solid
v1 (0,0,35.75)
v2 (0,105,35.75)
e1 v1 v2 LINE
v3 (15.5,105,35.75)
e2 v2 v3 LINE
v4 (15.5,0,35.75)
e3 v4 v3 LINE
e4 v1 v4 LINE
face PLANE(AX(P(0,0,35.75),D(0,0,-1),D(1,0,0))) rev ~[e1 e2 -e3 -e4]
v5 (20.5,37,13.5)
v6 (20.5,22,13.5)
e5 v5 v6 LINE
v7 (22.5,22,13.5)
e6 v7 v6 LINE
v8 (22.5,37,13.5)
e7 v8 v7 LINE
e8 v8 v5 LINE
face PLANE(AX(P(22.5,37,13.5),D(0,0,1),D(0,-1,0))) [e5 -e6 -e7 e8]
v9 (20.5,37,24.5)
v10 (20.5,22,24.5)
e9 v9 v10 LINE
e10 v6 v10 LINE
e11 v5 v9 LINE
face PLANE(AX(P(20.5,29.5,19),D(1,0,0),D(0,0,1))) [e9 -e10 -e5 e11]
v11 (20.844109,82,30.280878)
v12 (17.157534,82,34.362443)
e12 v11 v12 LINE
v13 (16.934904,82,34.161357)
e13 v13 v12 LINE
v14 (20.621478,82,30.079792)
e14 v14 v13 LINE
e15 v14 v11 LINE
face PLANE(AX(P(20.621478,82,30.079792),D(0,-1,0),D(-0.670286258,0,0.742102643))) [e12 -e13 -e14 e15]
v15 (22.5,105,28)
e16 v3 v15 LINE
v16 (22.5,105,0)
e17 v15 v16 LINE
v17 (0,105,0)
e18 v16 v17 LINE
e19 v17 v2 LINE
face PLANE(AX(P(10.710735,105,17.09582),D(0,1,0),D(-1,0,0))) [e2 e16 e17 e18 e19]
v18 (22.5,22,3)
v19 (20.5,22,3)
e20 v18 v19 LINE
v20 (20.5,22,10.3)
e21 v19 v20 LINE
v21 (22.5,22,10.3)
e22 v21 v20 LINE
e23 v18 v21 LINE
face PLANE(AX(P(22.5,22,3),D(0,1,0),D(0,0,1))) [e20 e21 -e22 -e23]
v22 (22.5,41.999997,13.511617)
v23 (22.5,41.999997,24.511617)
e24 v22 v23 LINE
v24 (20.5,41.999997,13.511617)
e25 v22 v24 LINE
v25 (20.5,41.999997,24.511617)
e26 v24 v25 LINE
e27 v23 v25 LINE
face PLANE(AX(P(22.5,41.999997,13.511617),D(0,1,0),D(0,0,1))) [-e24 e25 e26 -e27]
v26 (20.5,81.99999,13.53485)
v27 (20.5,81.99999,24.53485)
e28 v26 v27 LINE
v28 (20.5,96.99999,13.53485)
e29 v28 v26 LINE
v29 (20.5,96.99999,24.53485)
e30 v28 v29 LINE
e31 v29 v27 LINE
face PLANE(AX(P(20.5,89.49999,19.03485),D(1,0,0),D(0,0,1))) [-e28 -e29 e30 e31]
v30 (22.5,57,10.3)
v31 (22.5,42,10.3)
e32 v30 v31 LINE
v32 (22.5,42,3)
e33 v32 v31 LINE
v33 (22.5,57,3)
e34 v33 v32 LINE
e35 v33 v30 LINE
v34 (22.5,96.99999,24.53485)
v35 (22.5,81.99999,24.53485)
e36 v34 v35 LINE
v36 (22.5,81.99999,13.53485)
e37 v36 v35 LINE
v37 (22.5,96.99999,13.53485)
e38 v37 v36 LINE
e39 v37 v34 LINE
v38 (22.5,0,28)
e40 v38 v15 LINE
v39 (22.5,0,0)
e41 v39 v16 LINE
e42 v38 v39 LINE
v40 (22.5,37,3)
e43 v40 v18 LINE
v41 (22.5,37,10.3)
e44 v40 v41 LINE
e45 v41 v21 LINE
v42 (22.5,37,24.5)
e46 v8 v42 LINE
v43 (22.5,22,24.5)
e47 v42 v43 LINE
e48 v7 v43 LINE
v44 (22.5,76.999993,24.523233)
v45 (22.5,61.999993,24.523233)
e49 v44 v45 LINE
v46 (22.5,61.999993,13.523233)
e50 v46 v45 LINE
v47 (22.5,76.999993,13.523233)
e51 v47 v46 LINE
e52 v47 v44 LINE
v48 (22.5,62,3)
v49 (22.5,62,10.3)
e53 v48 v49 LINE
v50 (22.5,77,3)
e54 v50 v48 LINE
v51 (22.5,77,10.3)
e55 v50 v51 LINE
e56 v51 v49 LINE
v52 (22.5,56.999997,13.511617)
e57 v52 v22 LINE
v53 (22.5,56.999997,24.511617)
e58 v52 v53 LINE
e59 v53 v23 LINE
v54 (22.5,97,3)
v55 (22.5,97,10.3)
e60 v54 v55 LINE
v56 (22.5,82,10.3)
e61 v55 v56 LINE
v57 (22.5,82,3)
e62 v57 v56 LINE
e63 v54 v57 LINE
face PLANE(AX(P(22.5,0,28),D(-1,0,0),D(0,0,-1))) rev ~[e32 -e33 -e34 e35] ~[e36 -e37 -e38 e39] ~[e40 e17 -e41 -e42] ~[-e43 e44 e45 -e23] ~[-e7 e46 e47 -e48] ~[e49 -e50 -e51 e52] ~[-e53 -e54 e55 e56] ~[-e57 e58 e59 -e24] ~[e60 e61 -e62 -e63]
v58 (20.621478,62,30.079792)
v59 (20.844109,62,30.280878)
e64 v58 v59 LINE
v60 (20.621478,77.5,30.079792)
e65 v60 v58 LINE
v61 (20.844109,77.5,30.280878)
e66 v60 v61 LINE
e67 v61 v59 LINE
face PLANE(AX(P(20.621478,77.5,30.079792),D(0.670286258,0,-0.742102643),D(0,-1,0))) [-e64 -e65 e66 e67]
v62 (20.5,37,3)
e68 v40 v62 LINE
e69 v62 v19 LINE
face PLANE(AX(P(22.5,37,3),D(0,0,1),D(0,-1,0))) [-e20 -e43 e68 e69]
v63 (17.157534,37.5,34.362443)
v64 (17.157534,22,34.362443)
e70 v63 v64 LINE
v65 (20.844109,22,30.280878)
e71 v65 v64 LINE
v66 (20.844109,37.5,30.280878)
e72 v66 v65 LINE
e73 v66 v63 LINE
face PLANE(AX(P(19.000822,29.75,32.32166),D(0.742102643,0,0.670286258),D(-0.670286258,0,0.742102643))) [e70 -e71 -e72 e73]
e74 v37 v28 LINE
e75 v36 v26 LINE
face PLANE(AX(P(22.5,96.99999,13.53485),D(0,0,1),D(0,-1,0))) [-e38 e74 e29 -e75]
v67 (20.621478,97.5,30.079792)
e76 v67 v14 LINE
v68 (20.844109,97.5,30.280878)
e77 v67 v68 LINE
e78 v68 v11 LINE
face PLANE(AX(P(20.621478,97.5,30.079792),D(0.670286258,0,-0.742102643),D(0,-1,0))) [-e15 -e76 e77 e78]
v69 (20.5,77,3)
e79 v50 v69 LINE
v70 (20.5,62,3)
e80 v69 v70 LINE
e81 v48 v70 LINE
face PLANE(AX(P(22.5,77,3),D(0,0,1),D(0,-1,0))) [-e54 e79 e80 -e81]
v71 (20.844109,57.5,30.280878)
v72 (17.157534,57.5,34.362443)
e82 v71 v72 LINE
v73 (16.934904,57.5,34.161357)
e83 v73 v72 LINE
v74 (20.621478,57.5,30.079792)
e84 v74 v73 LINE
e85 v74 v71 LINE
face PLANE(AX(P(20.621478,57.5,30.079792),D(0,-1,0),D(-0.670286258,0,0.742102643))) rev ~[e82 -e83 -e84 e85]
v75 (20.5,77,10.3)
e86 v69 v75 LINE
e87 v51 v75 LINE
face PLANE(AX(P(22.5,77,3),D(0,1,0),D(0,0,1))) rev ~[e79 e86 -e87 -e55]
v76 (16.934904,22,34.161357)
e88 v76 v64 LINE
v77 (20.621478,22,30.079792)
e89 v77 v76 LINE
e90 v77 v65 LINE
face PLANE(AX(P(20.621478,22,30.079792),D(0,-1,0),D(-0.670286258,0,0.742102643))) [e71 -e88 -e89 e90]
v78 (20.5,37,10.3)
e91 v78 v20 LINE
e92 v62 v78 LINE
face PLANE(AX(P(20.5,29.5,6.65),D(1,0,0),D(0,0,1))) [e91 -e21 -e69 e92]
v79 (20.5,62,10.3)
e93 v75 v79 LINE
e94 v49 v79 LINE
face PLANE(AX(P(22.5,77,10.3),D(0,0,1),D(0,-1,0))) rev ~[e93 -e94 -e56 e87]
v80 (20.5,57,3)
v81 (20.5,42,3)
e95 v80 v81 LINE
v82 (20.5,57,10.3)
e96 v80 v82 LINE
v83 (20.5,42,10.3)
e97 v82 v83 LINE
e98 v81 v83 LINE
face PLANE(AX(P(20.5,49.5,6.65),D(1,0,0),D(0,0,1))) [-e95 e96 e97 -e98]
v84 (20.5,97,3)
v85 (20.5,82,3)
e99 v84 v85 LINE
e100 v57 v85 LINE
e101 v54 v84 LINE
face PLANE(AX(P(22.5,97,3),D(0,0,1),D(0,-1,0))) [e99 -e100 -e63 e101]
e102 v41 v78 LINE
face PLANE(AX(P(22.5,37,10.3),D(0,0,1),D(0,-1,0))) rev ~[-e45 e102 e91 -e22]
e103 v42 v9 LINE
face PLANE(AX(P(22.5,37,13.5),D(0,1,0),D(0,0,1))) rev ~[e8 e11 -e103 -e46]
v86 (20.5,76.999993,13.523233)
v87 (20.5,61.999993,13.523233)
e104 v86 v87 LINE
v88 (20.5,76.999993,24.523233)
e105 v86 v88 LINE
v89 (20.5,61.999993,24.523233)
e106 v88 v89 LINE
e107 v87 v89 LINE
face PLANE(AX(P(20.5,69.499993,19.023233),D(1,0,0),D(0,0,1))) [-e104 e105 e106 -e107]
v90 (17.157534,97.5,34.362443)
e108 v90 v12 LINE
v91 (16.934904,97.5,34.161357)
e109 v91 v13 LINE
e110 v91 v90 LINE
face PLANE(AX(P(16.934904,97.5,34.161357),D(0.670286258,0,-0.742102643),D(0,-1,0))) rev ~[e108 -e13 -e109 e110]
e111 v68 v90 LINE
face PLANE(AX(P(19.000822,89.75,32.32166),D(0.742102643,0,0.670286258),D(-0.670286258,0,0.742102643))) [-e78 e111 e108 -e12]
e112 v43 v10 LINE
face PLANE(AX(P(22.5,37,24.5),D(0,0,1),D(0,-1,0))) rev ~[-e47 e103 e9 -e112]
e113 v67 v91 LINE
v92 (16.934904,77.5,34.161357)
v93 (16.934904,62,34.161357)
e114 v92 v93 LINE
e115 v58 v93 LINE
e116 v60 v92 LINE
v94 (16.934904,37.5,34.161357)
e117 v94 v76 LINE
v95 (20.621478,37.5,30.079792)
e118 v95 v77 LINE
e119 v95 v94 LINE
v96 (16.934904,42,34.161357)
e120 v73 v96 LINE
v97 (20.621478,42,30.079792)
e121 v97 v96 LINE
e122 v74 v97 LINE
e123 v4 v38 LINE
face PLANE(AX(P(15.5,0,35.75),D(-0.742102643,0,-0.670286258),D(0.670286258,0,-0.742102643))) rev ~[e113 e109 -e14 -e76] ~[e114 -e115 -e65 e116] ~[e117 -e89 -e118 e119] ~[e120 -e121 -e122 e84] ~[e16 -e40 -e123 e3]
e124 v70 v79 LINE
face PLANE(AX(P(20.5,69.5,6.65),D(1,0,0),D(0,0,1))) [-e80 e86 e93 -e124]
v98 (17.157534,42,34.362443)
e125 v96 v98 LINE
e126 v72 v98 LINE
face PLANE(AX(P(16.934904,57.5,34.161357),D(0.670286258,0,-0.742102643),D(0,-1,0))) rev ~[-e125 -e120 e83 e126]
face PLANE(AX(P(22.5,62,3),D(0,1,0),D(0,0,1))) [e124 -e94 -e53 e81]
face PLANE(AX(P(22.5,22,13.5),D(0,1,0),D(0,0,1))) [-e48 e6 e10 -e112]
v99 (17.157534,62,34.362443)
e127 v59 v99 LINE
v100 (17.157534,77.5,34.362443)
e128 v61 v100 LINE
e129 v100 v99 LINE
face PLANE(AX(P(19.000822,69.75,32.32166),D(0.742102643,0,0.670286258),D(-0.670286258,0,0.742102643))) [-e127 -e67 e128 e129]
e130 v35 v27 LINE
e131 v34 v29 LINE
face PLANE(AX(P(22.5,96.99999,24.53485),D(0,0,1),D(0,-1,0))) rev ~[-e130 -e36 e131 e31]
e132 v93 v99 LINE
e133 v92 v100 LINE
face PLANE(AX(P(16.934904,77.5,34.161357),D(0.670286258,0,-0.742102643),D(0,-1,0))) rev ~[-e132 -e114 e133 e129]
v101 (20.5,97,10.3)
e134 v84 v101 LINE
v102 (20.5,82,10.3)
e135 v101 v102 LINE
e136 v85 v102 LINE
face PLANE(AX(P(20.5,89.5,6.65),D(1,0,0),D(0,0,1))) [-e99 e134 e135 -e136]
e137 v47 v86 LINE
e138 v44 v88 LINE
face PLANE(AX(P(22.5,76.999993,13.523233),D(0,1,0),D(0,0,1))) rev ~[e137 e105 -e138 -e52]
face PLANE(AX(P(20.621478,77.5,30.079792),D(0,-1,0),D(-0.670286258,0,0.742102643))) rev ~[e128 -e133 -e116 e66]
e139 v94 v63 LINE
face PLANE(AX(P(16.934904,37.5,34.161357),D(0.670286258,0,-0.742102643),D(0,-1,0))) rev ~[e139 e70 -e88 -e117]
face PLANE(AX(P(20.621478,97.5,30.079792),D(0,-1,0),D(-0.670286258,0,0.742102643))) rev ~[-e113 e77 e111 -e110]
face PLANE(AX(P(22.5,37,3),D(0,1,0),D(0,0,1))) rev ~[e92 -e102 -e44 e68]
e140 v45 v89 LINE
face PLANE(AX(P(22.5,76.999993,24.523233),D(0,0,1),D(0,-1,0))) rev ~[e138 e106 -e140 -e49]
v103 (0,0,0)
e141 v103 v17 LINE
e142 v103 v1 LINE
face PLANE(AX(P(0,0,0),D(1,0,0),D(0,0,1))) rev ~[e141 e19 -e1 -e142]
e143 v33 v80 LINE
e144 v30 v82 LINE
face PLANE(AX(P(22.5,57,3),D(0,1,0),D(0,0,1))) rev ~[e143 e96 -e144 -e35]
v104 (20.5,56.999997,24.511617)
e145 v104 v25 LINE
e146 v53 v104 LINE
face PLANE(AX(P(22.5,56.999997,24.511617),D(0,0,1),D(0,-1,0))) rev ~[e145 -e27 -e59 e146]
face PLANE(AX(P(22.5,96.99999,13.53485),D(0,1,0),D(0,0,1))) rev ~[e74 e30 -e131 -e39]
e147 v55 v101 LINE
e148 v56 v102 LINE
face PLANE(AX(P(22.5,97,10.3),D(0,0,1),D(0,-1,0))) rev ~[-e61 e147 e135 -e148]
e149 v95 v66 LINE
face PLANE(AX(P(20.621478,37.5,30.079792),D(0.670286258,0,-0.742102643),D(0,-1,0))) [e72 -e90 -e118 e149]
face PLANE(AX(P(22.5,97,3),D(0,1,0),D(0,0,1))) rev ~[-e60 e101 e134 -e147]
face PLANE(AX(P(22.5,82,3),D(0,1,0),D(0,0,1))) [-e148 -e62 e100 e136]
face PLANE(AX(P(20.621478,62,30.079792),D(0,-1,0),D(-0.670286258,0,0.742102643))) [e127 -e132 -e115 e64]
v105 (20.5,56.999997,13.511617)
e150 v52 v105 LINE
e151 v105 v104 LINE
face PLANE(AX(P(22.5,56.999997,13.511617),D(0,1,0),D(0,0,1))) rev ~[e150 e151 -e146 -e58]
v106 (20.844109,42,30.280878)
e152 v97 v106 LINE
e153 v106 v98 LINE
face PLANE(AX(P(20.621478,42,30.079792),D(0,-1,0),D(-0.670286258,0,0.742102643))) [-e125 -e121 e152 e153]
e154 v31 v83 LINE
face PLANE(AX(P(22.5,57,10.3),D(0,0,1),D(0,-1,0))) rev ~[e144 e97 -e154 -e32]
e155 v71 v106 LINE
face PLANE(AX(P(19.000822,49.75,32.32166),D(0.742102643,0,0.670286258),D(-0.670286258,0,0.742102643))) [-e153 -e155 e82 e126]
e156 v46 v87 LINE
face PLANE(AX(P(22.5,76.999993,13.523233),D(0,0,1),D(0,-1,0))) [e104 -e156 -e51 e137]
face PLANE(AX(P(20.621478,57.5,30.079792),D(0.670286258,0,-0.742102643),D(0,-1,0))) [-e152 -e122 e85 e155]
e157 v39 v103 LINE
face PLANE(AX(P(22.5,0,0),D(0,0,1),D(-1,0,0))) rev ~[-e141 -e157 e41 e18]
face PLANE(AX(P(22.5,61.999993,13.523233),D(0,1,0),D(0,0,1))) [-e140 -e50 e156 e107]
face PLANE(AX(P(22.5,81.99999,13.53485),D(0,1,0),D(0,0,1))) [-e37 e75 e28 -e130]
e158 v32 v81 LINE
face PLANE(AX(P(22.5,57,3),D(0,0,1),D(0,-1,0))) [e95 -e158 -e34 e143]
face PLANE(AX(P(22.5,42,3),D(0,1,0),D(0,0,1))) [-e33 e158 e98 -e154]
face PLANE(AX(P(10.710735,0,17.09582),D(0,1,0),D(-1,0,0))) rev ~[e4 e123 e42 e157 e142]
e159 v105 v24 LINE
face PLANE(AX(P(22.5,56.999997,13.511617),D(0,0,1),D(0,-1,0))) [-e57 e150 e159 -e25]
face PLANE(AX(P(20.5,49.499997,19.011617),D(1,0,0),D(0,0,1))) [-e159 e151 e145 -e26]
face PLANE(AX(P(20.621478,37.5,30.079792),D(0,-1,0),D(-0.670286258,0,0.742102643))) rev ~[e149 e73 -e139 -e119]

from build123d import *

# Parameters (mm, degrees)
PAD002_DEPTH  = 105
SKETCH003_W   = 5.5
SKETCH003_H   = 15.5
PAD003_DEPTH  = 0.3
SKETCH010_W   = 7.3
SKETCH010_H   = 15
SKETCH010_W_2 = 11
POCKET_DEPTH  = 2


with BuildPart() as part:
    # Sketch002 → Pad002 (new body)
    with BuildSketch(Plane.XZ):
        Polygon((0, 35.75), (15.5, 35.75), (22.5, 28), (22.5, 0), (0, 0), align=None)
    extrude(amount=-PAD002_DEPTH)

    # Sketch003 (on Face2 of Pad002) → Pad003 (join)
    with BuildSketch(Plane(origin=(26.3189111748, 0, 23.7719197708), x_dir=(-0.670286258, 0, 0.7421026428), z_dir=(0.7421026428, 0, 0.670286258))):
        with Locations((11.25, -29.75)):
            Rectangle(SKETCH003_W, SKETCH003_H)
        with Locations((11.25, -49.75)):
            Rectangle(SKETCH003_W, SKETCH003_H)
        with Locations((11.25, -69.75)):
            Rectangle(SKETCH003_W, SKETCH003_H)
        with Locations((11.25, -89.75)):
            Rectangle(SKETCH003_W, SKETCH003_H)
    extrude(amount=PAD003_DEPTH)

    # Sketch010 (on Face3 of Pad002) → Pocket (cut)
    with BuildSketch(Plane(origin=(22.5, 0, 0), x_dir=(0, 0, 1), z_dir=(1, 0, 0))):
        with Locations((6.65, -29.5)):
            Rectangle(SKETCH010_W, SKETCH010_H)
        with Locations((6.65, -49.5)):
            Rectangle(SKETCH010_W, SKETCH010_H)
        with Locations((6.65, -69.5)):
            Rectangle(SKETCH010_W, SKETCH010_H)
        with Locations((6.65, -89.5)):
            Rectangle(SKETCH010_W, SKETCH010_H)
        with Locations((19, -29.5)):
            Rectangle(SKETCH010_W_2, SKETCH010_H)
        with Locations((19.0116166835, -49.4999966263)):
            Rectangle(SKETCH010_W_2, SKETCH010_H)
        with Locations((19.023233367, -69.4999932526)):
            Rectangle(SKETCH010_W_2, SKETCH010_H)
        with Locations((19.0348500505, -89.4999898789)):
            Rectangle(SKETCH010_W_2, SKETCH010_H)
    extrude(amount=-POCKET_DEPTH, mode=Mode.SUBTRACT)


solid = part.part
